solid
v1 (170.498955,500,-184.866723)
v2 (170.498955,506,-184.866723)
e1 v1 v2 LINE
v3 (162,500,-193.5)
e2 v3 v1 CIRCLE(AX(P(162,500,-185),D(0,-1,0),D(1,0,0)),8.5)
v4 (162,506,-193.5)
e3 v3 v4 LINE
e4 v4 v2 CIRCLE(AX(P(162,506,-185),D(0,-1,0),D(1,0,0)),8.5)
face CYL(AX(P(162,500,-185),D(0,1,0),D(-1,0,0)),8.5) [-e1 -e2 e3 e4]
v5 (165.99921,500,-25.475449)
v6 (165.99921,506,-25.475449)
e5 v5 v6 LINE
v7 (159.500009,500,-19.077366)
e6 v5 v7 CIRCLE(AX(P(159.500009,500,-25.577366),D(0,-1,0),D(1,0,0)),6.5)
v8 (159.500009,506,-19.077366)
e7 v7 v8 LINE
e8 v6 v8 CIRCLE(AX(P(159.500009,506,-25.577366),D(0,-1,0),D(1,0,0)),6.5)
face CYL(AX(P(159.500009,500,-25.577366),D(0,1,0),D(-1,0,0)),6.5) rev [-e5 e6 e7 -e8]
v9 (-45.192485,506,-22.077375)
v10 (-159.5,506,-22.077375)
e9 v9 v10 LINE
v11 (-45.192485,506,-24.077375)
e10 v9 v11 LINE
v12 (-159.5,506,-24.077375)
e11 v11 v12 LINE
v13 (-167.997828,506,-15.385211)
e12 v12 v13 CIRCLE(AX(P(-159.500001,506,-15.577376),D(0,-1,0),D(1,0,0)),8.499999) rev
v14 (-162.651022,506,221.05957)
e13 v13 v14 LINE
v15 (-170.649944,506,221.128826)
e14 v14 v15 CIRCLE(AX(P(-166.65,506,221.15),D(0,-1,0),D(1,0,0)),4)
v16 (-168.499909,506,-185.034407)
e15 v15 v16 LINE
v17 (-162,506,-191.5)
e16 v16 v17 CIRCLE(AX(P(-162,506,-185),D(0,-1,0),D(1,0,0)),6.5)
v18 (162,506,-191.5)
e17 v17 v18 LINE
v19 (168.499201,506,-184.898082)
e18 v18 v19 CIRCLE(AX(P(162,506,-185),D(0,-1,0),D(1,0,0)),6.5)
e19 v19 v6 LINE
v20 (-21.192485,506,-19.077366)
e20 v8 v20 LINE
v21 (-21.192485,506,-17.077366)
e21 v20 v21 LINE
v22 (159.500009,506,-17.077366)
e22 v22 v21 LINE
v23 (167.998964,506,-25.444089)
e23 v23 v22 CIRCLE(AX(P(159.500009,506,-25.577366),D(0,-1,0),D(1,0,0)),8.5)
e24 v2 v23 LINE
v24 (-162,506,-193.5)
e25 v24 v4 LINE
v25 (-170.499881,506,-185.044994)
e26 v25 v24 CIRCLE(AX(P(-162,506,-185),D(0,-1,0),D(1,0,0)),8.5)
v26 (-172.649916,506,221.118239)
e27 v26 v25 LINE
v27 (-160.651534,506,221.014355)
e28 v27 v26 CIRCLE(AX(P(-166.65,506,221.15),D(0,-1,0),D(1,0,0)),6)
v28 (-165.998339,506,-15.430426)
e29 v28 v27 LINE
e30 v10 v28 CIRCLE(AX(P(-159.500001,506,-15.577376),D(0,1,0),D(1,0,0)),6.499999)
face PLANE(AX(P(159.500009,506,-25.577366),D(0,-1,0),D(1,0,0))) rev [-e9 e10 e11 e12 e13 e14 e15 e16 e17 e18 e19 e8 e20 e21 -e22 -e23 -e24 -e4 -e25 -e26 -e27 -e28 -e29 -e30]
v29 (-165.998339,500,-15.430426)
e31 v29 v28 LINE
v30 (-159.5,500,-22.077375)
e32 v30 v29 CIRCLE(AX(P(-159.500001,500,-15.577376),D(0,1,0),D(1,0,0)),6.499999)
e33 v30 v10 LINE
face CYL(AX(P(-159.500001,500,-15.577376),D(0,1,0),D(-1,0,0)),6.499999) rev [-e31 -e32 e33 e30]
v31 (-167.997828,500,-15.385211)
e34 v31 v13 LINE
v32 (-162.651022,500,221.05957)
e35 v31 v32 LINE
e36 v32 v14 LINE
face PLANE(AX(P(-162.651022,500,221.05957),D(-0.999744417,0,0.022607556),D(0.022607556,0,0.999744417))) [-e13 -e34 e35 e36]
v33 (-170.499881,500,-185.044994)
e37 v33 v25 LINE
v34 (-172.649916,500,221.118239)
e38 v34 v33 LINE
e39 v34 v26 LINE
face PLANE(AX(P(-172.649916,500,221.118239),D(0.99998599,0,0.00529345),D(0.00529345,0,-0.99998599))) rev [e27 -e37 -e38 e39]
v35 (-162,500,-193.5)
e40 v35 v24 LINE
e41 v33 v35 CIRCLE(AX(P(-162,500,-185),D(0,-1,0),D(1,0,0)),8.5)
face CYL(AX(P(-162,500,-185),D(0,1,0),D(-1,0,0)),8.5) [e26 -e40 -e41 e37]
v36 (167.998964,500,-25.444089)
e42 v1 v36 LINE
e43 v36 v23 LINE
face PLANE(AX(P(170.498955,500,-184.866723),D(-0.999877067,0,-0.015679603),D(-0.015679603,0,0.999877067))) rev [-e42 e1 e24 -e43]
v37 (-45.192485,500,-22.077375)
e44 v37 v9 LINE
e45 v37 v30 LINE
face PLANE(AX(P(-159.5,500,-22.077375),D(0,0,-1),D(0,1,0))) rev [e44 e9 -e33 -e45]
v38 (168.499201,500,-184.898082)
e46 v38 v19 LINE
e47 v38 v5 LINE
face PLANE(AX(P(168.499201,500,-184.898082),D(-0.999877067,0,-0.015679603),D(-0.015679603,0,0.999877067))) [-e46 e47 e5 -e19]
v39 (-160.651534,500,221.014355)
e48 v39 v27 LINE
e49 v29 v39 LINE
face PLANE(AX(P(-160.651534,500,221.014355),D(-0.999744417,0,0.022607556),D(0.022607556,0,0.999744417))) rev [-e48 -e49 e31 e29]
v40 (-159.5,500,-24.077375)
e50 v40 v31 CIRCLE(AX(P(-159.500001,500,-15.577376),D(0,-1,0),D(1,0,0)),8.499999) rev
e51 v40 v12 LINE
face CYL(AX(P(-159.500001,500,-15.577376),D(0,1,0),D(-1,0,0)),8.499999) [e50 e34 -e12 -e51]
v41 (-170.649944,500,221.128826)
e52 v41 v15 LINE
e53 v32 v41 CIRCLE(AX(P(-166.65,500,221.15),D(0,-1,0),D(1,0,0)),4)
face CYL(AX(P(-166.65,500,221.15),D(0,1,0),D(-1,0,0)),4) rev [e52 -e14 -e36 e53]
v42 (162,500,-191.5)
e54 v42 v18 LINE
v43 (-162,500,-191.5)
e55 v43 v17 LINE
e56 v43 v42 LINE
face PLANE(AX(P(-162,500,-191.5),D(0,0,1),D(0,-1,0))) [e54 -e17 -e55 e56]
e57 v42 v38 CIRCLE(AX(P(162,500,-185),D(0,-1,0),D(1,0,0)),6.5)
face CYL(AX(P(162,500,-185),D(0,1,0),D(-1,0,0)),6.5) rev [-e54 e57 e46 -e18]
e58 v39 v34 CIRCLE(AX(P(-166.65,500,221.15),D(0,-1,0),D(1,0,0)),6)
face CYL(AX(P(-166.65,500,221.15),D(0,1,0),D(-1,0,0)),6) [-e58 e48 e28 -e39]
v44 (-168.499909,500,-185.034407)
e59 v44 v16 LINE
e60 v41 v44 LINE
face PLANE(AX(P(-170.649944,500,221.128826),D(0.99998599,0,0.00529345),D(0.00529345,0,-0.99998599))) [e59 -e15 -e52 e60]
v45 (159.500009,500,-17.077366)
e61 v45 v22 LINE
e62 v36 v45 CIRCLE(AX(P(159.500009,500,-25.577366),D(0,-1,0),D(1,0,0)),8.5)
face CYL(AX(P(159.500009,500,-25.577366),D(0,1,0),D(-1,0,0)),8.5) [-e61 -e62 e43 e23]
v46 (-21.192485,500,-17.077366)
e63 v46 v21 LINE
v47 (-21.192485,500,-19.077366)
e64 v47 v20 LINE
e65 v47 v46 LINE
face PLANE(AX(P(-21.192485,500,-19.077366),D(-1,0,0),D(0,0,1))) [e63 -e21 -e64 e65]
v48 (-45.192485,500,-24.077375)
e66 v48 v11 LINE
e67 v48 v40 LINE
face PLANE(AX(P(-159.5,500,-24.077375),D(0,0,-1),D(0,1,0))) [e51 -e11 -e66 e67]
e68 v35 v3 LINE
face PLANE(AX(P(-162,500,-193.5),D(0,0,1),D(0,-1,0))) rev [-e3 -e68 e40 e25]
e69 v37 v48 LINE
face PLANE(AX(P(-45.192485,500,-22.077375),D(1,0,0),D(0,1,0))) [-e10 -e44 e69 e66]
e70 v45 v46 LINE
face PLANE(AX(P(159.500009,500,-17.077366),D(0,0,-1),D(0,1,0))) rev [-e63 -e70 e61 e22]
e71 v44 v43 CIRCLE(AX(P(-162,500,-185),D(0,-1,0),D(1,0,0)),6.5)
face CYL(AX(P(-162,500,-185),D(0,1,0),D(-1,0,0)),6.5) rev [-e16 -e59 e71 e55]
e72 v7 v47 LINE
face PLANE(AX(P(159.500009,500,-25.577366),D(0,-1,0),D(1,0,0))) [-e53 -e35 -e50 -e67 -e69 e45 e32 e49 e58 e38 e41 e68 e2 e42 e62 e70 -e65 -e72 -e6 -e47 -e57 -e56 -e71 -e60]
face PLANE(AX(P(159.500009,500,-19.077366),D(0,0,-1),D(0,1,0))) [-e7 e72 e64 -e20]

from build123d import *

# Parameters (mm, degrees)
EXTRUDE_THIN1_DEPTH = 6


with BuildPart() as part:
    # Sketch1 → Extrude-Thin1 (new body)
    with BuildSketch(Plane.XZ.offset(-506)):
        with BuildLine():
            Line((-21.192485275, -17.077366054), (159.500009042, -17.077366054))
            ThreePointArc((159.500009042, -17.077366054), (165.46311011, -19.520021284), (167.998964116, -25.444089427))
            Line((167.998964116, -25.444089427), (170.498955066, -184.866722883))
            ThreePointArc((170.498955066, -184.866722883), (168.057344942, -190.963100892), (162, -193.5))
            Line((162, -193.5), (-162, -193.5))
            ThreePointArc((-162, -193.5), (-167.994478635, -191.026294541), (-170.499880912, -185.044994328))
            Line((-170.499880912, -185.044994328), (-172.649915938, 221.118239298))
            ThreePointArc((-172.649915938, 221.118239298), (-166.598052627, 227.149775118), (-160.651533501, 221.014354663))
            Line((-160.651533501, 221.014354663), (-165.998338708, -15.430425982))
            ThreePointArc((-165.998338708, -15.430425982), (-164.147858351, -20.121318086), (-159.5, -22.077375097))
            Line((-159.5, -22.077375097), (-45.192485275, -22.077375097))
            Line((-45.192485275, -22.077375097), (-45.192485275, -24.077375097))
            Line((-45.192485275, -24.077375097), (-159.499998361, -24.077375097))
            ThreePointArc((-159.499998361, -24.077375097), (-165.577967625, -21.519455227), (-167.997827562, -15.385211808))
            Line((-167.997827562, -15.385211808), (-162.651022334, 221.059569775))
            ThreePointArc((-162.651022334, 221.059569775), (-166.615368418, 225.149850079), (-170.649943958, 221.128826199))
            Line((-170.649943958, 221.128826199), (-168.499908932, -185.034407427))
            ThreePointArc((-168.499908932, -185.034407427), (-166.584013074, -189.608342884), (-162, -191.5))
            Line((-162, -191.5), (162, -191.5))
            ThreePointArc((162, -191.5), (166.632088112, -189.560017513), (168.499200897, -184.898079914))
            Line((168.499200897, -184.898079914), (165.999209981, -25.475448634))
            ThreePointArc((165.999209981, -25.475448634), (164.060027506, -20.945278877), (159.500009042, -19.077366054))
            Line((159.500009042, -19.077366054), (-21.192485275, -19.077366054))
            Line((-21.192485275, -19.077366054), (-21.192485275, -17.077366054))
        make_face()
    extrude(amount=EXTRUDE_THIN1_DEPTH)


solid = part.part
